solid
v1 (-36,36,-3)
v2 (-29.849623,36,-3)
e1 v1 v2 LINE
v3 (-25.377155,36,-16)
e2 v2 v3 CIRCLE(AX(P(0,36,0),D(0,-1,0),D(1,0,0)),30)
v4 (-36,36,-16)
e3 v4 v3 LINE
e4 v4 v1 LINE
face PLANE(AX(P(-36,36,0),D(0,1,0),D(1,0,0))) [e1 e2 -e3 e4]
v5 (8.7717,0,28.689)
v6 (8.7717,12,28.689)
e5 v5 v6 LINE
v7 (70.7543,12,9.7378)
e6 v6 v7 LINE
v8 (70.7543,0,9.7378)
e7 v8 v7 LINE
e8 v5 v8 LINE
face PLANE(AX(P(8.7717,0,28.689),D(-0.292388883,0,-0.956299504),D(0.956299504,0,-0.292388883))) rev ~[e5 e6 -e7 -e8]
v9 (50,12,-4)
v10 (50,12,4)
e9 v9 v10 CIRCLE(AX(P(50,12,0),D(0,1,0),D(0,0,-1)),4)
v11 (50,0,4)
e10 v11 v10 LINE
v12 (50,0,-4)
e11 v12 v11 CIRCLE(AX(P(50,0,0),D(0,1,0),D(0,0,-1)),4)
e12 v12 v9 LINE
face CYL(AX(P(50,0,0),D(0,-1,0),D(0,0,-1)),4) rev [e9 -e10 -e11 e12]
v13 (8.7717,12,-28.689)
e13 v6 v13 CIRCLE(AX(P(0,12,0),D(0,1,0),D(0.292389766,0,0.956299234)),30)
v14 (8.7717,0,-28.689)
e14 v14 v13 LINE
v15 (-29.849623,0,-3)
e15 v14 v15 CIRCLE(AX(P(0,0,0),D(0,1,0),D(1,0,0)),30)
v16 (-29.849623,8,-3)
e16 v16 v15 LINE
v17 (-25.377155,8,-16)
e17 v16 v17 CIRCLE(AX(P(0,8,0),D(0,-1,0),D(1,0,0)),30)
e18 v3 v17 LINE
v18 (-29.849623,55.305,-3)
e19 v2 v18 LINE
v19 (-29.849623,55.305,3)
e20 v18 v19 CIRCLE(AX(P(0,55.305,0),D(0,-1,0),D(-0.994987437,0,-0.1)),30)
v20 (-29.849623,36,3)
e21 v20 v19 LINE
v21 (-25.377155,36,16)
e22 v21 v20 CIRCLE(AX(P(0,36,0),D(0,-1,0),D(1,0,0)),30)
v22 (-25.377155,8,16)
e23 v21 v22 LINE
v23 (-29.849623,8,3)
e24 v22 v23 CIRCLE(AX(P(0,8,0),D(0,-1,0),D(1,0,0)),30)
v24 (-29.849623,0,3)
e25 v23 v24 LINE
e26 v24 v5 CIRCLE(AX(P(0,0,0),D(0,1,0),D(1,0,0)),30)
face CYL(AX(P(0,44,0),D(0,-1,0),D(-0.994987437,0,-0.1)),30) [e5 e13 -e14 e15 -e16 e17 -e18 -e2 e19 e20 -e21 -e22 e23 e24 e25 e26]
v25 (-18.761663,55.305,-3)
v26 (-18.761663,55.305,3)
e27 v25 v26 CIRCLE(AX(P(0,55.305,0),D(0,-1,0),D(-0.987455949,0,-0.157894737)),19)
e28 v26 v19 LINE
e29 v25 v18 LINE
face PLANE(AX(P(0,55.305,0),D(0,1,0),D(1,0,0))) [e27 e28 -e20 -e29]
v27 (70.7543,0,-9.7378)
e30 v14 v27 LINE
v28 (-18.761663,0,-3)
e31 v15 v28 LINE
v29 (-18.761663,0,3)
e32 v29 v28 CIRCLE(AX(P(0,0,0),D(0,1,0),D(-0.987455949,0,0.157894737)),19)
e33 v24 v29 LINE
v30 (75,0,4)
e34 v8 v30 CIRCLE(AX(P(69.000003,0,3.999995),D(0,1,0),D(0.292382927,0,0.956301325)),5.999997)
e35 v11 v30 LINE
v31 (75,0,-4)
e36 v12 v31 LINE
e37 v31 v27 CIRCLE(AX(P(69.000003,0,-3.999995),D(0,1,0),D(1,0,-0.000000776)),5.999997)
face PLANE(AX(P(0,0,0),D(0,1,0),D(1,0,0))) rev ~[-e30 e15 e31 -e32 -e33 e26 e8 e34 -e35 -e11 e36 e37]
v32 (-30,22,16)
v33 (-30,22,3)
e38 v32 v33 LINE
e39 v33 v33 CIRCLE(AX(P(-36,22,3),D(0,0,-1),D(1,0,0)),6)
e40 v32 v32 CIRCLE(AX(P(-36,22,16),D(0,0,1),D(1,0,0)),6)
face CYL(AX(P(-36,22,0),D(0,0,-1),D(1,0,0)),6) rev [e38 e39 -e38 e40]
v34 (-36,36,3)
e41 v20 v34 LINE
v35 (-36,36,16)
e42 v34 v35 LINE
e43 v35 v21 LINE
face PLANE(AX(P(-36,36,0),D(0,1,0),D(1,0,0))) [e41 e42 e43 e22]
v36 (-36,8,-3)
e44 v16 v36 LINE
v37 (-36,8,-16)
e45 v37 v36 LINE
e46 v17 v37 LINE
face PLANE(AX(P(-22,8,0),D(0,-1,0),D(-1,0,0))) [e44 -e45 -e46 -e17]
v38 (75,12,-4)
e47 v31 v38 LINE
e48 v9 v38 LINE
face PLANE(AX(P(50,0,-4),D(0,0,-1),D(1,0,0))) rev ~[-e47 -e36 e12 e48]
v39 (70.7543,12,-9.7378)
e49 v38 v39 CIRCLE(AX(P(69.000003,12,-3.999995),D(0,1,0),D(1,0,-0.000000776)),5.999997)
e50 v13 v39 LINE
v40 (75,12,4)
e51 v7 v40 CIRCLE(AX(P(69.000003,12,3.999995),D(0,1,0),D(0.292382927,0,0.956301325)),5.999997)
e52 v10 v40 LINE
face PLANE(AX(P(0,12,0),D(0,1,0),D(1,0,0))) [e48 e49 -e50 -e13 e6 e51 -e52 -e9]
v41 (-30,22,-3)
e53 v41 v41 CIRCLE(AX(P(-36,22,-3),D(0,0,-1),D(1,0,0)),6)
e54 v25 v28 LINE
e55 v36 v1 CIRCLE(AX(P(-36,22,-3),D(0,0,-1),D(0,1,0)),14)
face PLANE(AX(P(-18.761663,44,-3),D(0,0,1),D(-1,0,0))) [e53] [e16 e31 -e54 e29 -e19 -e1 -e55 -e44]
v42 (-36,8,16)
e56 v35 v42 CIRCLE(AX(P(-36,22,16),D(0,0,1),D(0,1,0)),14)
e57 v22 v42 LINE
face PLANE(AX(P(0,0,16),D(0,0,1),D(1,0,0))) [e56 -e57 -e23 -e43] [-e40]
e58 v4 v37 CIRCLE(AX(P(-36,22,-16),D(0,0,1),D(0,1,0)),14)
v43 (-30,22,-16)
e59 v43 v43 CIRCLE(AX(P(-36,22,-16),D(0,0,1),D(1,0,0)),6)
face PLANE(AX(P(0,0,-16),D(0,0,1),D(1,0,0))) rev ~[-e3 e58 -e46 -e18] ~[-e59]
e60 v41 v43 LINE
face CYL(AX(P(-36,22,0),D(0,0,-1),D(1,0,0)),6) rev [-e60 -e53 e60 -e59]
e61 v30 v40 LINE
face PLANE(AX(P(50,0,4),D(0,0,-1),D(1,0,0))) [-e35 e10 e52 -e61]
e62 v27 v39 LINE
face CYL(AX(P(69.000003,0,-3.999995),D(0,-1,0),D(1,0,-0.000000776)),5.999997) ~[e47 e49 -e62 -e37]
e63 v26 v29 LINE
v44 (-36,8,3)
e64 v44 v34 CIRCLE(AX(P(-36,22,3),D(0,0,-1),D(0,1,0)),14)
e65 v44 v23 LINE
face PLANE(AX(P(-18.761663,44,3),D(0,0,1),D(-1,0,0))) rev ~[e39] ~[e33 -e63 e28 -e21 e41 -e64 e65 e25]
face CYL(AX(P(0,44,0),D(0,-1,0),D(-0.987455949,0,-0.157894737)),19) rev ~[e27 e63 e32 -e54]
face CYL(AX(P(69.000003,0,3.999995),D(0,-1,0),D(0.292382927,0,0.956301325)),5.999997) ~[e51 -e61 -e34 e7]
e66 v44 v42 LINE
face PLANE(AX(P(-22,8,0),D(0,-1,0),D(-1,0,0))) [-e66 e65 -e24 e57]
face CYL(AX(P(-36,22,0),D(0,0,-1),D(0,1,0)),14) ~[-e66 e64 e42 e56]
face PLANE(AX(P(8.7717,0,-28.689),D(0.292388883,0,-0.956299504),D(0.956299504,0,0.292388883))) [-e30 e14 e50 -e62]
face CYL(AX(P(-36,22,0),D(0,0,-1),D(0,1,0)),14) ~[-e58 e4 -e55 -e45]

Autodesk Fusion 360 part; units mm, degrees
sketch "Sketch1" plane through (0, 0, 0) normal (0, 1, 0) x (1, 0, 0)
  circle A0 centre (0, 0) radius 19
  circle A1 centre (0, 0) radius 30
  line L0 (0, 0) -> (50, 0) construction
  line L1 (50, 0) -> (75, 0) construction
  line L2 (50, 4) -> (75, 4)
  line L3 (50, -4) -> (75, -4)
  line L4 (8.7717, 28.689) -> (70.7543, 9.7378)
  arc A2 (75, 4) -> (70.7543, 9.7378) centre (69, 4) ccw
  arc A3 (50, 4) -> (50, -4) centre (50, 0) ccw
  line L5 (8.7717, -28.689) -> (70.7543, -9.7378)
  arc A4 (70.7543, -9.7378) -> (75, -4) centre (69, -4) ccw
  dimension "d1" = 38
  dimension "d2" = 60
  dimension "d3" = 50
  dimension "d4" = 8
  dimension "d5" = 25
  dimension "d6" = 4
  dimension "d7" = 4
  dimension "d8" = 12
extrude "Extrude1" add sketch "Sketch1" along normal blind 44 contours A1
extrude "Extrude2" add sketch "Sketch1" along normal blind 12 contours A1 L2 L3 L4 A2 A3 L5 A4
sketch "Sketch2" plane through (0, 0, 0) normal (0, 0, 1) x (1, 0, 0)
  circle A0 centre (-36, 22) radius 6
  line L0 (-36, 36) -> (-22, 36)
  line L1 (-22, 36) -> (-22, 8)
  line L2 (-22, 8) -> (-36, 8)
  arc A1 (-36, 36) -> (-36, 8) centre (-36, 22) ccw
  line L3 (30, 0) -> (-30, 0)
  dimension "d14" = 28
  dimension "d15" = 12
  dimension "d16" = 8
  dimension "d17" = 36
extrude "Extrude3" add sketch "Sketch2" along normal mid plane 32
sketch "Sketch3" plane through (0, 44, 0) normal (0, 1, 0) x (-1, 0, 0)
  circle A0 centre (0, 0) radius 19
  circle A1 centre (0, 0) radius 30
  line L0 (54, -3) -> (11, -3)
  line L1 (11, -3) -> (11, 3)
  line L2 (11, 3) -> (54, 3)
  line L3 (54, 3) -> (54, -3)
  line L4 (0, 0) -> (-50, 0)
  dimension "d20" = 3
  dimension "d21" = 3
  dimension "d22" = 11
  dimension "d23" = 43
extrude "Extrude4" cut sketch "Sketch3" against normal up to surface (44 mm away) contours A0 A1 L0 L2 | A1 L0 L2 L3
extrude "Extrude5" add 1 faces at (26.2783, 44, 0) along direction (0, 1, 0) blind 11.305
ref_plane "WorkPlane1" through (41.8858, 85.34, 0) normal (0, 1, 0) x (1, 0, 0)
ref_plane "WorkPlane2" through (0, 0, 57.35) normal (0, 0, 1) x (1, 0, 0)
